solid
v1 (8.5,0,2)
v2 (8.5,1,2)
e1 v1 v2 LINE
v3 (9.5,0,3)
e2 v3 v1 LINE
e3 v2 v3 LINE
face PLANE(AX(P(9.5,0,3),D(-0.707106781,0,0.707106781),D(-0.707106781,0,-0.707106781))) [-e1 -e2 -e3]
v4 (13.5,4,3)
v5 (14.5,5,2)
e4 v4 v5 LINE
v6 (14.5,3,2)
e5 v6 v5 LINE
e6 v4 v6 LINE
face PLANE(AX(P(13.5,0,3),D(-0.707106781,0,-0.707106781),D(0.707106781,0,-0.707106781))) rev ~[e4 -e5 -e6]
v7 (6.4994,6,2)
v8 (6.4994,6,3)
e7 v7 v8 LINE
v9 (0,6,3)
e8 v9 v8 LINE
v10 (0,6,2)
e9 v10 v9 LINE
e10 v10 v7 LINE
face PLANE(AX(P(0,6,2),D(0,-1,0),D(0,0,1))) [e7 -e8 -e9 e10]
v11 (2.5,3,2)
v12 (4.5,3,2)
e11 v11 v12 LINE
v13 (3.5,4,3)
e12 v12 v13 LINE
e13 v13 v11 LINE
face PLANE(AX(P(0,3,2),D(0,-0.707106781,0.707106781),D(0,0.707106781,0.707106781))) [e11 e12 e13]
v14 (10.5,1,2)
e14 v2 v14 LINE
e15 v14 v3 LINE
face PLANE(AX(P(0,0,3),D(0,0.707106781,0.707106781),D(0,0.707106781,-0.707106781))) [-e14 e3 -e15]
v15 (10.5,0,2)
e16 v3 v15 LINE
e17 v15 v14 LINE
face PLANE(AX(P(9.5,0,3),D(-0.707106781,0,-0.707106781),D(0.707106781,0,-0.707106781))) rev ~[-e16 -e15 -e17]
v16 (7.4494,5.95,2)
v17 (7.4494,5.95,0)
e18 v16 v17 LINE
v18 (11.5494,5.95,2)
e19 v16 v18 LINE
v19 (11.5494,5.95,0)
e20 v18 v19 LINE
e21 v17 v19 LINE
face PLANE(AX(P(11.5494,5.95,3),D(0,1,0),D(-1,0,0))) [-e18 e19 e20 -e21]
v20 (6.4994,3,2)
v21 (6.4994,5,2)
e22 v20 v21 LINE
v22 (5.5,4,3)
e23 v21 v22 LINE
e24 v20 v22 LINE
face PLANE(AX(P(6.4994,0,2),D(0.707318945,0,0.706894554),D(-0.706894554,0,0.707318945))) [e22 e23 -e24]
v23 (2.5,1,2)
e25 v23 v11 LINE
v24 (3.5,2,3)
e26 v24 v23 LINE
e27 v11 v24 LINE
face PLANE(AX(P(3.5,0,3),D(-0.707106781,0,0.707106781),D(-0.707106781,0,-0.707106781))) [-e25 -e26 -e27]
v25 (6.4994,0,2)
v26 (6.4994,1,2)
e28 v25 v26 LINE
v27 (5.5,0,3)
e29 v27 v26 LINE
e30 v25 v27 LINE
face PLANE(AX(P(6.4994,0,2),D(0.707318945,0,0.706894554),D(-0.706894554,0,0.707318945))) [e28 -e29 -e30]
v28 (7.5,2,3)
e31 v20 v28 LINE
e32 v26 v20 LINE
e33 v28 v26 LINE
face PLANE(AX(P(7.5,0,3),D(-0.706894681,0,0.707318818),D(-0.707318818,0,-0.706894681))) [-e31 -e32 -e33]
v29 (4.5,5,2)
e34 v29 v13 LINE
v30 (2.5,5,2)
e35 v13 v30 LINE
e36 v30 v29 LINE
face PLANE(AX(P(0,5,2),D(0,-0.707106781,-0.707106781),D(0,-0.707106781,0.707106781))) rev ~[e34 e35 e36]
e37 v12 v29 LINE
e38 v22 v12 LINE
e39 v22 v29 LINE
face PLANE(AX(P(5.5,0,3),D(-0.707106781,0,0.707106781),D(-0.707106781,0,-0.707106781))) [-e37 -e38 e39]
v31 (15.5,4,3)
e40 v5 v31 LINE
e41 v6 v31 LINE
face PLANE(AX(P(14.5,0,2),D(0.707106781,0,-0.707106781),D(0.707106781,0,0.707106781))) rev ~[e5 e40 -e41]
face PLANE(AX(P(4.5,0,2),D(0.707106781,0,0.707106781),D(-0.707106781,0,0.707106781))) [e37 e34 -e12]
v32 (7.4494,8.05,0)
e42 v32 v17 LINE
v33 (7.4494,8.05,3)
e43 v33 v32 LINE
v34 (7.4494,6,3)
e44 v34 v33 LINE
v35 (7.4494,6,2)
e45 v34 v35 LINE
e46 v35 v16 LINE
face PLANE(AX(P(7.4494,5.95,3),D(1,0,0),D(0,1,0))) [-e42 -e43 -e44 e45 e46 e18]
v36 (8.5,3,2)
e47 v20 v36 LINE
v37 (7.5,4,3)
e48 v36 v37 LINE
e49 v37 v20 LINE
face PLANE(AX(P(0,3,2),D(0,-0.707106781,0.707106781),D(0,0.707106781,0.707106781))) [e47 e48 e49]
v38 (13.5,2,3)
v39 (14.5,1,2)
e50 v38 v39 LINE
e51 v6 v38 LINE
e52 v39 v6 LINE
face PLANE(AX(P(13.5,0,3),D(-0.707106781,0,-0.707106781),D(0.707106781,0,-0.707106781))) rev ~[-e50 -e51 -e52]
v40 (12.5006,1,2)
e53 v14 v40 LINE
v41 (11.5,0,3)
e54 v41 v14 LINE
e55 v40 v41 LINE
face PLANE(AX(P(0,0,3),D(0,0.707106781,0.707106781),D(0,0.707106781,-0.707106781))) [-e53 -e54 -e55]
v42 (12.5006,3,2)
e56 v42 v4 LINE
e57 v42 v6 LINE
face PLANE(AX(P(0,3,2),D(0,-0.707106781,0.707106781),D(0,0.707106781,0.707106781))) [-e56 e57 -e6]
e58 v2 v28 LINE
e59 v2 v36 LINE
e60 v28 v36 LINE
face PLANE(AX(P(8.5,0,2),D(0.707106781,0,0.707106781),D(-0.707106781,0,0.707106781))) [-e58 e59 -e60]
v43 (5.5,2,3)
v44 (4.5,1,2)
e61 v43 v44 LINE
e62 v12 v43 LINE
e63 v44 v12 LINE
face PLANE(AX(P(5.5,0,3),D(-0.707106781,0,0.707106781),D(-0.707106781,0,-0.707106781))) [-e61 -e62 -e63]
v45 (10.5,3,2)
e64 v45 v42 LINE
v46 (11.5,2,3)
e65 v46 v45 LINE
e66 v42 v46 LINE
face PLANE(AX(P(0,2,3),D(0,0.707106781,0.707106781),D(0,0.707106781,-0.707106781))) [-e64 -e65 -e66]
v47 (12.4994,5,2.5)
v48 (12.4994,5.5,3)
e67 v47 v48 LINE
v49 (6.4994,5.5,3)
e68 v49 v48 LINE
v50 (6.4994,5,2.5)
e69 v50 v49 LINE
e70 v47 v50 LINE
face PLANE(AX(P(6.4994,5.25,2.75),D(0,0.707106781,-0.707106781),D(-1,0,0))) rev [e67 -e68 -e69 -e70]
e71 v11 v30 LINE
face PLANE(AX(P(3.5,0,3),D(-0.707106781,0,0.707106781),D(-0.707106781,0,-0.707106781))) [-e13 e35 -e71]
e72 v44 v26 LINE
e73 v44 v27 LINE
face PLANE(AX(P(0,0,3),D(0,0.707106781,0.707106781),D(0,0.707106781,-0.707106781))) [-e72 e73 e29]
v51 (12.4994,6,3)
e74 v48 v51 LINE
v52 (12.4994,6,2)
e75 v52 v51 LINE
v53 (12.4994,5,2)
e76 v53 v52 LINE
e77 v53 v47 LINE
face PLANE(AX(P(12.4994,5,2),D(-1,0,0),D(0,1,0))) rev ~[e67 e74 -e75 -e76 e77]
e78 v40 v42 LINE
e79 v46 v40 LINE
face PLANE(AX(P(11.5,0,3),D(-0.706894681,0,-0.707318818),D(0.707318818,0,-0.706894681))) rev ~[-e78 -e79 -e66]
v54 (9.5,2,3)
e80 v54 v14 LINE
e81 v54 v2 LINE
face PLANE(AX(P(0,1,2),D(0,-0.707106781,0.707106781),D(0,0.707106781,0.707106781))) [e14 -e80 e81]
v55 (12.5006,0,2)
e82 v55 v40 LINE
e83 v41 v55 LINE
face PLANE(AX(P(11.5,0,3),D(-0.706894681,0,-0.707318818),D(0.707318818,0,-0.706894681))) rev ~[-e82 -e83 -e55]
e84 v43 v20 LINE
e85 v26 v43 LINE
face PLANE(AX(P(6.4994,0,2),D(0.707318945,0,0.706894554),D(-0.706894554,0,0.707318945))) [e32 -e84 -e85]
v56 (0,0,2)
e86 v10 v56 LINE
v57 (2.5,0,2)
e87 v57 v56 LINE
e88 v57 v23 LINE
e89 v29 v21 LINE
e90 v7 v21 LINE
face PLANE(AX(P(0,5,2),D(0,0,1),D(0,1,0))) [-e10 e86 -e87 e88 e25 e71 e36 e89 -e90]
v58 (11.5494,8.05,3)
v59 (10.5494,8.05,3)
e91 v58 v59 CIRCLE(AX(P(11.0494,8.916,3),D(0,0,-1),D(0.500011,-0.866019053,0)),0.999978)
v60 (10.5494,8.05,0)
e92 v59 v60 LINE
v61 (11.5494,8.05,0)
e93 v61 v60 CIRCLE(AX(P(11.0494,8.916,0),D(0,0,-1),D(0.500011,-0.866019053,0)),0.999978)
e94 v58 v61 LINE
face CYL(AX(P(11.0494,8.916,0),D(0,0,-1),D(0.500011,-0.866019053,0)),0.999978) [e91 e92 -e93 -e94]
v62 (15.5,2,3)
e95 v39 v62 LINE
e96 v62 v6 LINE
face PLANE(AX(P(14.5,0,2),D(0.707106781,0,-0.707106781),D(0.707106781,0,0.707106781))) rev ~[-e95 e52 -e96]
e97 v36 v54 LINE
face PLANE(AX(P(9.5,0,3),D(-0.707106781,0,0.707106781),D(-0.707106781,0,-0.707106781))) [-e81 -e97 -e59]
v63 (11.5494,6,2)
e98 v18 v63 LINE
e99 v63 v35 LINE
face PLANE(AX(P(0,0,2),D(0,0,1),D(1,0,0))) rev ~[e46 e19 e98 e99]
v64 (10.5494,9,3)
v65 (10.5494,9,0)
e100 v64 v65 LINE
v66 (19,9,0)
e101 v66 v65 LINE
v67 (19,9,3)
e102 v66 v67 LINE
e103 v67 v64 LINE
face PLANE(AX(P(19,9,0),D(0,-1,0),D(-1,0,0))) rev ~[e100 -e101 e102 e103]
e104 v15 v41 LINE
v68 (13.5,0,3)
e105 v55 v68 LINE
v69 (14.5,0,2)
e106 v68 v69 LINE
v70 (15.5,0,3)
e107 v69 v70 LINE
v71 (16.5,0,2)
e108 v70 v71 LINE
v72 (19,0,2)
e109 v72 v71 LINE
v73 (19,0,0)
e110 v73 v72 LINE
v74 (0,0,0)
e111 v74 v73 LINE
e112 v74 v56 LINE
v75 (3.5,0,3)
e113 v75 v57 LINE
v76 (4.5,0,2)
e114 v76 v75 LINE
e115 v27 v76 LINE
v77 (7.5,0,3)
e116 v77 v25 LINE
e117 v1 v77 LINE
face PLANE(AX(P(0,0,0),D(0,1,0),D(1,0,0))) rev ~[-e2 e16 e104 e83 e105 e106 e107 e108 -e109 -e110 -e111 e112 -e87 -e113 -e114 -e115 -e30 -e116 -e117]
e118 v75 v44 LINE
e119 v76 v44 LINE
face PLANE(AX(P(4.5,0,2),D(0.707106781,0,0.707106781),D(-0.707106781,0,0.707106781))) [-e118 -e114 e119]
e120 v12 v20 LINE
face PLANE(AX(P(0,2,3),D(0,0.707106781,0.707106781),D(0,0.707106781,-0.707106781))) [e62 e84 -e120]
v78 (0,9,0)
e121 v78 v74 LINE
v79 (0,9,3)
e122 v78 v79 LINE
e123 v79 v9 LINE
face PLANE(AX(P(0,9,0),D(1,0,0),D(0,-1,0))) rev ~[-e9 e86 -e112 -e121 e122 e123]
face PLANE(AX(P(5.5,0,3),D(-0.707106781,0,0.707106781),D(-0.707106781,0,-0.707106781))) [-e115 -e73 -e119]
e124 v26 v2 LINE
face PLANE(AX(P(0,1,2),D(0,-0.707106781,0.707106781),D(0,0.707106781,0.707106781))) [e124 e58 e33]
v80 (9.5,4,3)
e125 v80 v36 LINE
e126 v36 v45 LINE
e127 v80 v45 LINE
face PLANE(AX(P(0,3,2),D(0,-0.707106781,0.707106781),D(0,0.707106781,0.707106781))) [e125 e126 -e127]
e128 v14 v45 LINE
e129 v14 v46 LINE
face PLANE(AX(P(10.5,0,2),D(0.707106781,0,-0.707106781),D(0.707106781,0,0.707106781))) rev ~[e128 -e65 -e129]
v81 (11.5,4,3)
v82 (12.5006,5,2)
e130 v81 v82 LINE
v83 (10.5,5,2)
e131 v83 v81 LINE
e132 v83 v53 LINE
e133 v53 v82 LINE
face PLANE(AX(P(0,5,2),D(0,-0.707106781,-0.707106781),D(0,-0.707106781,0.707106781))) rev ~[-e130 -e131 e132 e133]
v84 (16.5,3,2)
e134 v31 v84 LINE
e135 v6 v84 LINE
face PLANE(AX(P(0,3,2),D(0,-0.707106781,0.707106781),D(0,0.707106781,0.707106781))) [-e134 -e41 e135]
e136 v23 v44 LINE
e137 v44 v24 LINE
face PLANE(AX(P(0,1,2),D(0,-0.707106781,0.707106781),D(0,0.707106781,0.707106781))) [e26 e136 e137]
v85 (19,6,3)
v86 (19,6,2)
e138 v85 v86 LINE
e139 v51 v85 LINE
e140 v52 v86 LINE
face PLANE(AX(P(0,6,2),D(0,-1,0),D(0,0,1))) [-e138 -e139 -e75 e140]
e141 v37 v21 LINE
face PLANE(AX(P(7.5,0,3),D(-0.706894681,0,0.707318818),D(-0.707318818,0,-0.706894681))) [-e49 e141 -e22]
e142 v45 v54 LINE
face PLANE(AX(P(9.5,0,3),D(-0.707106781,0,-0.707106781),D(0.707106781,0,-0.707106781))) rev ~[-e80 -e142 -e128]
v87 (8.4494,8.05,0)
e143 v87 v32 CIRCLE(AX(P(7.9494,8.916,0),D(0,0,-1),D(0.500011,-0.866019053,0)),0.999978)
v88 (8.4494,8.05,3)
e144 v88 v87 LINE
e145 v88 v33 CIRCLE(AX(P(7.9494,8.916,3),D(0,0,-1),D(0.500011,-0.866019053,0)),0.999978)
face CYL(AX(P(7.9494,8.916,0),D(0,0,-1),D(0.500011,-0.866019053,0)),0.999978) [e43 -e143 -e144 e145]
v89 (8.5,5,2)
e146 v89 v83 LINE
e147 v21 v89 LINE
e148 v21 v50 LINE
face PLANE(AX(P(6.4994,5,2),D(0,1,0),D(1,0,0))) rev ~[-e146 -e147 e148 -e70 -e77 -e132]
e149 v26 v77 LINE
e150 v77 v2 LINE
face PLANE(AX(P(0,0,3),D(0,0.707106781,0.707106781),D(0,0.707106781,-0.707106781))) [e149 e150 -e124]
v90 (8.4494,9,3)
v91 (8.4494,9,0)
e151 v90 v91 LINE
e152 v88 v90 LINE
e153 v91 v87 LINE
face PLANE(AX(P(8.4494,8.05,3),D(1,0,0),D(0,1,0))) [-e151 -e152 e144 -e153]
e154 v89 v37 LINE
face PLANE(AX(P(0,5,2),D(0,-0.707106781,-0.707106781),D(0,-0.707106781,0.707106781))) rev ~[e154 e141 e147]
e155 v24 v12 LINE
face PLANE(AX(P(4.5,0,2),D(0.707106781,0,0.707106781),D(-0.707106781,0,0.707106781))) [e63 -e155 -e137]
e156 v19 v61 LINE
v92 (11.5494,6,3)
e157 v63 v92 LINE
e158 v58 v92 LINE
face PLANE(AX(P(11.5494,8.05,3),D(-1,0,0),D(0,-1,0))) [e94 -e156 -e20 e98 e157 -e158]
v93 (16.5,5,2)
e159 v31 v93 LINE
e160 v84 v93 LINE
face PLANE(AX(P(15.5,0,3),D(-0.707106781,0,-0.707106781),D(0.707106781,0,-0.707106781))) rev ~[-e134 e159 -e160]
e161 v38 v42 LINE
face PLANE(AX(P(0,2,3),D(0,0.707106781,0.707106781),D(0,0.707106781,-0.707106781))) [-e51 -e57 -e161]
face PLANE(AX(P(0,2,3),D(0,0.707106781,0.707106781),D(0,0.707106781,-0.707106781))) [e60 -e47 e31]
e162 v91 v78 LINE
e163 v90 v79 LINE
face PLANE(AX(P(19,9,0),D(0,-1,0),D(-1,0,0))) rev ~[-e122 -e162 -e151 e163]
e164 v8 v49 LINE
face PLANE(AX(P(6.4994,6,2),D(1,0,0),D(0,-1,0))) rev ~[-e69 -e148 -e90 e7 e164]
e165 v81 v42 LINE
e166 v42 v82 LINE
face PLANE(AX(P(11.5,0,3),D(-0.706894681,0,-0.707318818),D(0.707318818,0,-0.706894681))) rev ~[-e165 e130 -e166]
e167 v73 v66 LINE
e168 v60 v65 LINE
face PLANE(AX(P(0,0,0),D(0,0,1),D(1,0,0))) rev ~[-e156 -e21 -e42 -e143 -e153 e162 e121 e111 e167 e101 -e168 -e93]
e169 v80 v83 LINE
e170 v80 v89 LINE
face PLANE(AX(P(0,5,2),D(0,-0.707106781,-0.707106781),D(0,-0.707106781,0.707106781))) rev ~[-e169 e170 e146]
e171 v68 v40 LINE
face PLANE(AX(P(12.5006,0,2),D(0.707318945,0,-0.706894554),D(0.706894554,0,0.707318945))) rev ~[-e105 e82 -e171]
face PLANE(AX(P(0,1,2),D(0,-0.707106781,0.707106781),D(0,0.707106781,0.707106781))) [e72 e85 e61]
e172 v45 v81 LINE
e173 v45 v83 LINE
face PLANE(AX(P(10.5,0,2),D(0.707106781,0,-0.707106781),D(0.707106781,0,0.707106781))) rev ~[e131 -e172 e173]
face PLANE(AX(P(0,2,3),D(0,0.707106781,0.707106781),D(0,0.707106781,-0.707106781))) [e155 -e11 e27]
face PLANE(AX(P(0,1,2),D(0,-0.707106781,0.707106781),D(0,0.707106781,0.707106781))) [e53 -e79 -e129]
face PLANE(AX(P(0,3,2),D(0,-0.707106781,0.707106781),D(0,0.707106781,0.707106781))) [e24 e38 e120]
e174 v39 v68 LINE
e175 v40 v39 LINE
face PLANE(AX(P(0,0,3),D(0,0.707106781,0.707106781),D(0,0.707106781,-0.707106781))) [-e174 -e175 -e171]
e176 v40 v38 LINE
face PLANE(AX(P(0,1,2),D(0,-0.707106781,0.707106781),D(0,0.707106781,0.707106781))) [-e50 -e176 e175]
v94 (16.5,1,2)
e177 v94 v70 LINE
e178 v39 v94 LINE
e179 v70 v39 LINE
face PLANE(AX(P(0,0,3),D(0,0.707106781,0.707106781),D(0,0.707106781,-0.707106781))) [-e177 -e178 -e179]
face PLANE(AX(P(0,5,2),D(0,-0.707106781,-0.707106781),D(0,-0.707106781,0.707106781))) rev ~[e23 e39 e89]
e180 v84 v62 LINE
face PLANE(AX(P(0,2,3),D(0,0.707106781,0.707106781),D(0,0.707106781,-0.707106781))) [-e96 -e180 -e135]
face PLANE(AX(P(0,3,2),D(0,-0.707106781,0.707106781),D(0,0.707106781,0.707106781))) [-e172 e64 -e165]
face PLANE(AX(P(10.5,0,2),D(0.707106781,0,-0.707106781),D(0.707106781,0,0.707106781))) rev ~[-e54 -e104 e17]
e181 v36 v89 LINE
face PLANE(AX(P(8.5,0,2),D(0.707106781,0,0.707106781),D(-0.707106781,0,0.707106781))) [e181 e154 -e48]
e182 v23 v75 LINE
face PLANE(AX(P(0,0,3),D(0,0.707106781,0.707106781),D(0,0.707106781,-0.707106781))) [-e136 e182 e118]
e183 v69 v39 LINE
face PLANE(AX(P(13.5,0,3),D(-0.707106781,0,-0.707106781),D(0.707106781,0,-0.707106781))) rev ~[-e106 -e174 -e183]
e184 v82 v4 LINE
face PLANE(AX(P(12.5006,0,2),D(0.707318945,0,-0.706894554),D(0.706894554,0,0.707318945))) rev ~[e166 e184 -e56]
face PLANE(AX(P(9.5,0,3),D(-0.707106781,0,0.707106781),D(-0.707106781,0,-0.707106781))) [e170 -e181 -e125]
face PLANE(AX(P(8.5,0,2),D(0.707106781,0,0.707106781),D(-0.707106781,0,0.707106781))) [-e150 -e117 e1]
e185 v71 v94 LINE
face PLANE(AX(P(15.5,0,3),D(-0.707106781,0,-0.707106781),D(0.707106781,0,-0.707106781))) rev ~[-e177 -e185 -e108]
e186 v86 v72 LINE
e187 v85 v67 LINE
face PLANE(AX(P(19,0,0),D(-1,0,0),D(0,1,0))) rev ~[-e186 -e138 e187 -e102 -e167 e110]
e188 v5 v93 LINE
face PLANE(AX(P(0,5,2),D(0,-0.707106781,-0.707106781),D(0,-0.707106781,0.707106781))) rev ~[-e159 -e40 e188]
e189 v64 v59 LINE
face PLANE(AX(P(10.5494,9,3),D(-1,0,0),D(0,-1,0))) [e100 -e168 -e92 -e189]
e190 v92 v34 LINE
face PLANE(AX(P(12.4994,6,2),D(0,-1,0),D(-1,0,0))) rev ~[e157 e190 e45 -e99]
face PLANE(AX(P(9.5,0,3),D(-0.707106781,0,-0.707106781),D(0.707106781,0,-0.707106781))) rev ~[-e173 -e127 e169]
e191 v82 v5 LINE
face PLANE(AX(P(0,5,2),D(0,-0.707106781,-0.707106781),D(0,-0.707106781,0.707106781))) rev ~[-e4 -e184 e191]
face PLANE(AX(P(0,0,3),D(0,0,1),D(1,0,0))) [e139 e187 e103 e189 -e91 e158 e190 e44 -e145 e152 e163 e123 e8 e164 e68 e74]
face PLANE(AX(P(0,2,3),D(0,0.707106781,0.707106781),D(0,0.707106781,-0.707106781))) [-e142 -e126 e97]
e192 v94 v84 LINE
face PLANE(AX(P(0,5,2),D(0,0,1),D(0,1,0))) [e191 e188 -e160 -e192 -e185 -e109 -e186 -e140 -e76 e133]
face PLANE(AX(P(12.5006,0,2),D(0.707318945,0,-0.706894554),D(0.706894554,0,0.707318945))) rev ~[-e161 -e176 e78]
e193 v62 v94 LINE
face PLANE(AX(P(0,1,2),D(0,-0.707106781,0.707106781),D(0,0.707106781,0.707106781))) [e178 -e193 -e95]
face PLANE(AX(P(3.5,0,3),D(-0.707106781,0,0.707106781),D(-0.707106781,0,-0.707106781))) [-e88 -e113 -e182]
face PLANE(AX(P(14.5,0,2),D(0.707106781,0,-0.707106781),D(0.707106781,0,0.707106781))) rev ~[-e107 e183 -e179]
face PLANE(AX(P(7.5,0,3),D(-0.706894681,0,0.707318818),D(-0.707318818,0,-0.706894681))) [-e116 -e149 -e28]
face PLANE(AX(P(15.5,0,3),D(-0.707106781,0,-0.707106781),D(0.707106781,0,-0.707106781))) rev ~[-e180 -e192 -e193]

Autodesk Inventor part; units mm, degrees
ref_plane "YZ Plane" through (0, 0, 0) normal (1, 0, 0) x (0, 1, 0)
ref_plane "XZ Plane" through (0, 0, 0) normal (0, 1, 0) x (-1, 0, 0)
ref_plane "XY Plane" through (0, 0, 0) normal (0, 0, 1) x (1, 0, 0)
sketch "Sketch1" plane through (0, 0, 0) normal (0, 0, 1) x (1, 0, 0)
  line L0 (0, 0) -> (19, 0)
  line L1 (19, 0) -> (19, 9)
  line L2 (19, 9) -> (0, 9)
  line L3 (0, 9) -> (0, 0)
  point P0 (9.5, 9)
  dimension "d0" = 19
  dimension "d1" = 9
extrude "Extrusion1" add sketch "Sketch1" along normal blind 3
sketch "Sketch10" plane through (0, 0, 0) normal (-1, 0, 0) x (0, 0, 1)
  line L0 (0, 0) -> (3, 0) projected
  line L1 (3, 9) -> (3, 0) projected
  line L2 (3, 0) -> (2, 0)
  line L3 (2, 0) -> (2, 6)
  line L4 (2, 6) -> (3, 6)
  line L5 (3, 6) -> (3, 0)
  line L6 (3, 0) -> (2, 1)
  line L7 (3, 0) -> (4.4142, 0) construction
  line L8 (2, 1) -> (3, 2)
  line L9 (3, 0) -> (3, 9) projected
  line L10 (3, 2) -> (2, 3)
  line L11 (2, 3) -> (3, 4)
  line L12 (2, 5) -> (3, 4)
  line L13 (2, 5) -> (3, 5)
  dimension "d23" = 1
  dimension "d24" = 6
  dimension "d25" = 135
  dimension "d26" = 90
extrude "Extrusion8" cut sketch "Sketch10" against normal up to next contours L6 L8 L1 | L10 L11 L1 | L12 L13 L1 | L3 L4 L1 L13
sketch "Sketch12" plane through (0, 0, 3) normal (0, 0, 1) x (1, 0, 0)
  line L0 (19, 9) -> (0, 9) projected
  line L1 (11.5494, 5.95) -> (7.4494, 5.95)
  line L2 (7.4494, 5.95) -> (7.4494, 8.05)
  line L3 (7.4494, 8.05) -> (11.5494, 8.05)
  line L4 (11.5494, 8.05) -> (11.5494, 5.95)
  line L5 (11.5494, 5.95) -> (7.4494, 8.05) construction
  line L6 (7.4494, 5.95) -> (11.5494, 8.05) construction
  line L7 (10.5494, 7.1) -> (8.4494, 7.1)
  line L8 (8.4494, 7.1) -> (8.4494, 9)
  line L9 (8.4494, 9) -> (10.5494, 9)
  line L10 (10.5494, 9) -> (10.5494, 7.1)
  line L11 (10.5494, 7.1) -> (8.4494, 9) construction
  line L12 (8.4494, 7.1) -> (10.5494, 9) construction
  point P0 (0, 0)
  point P1 (9.4994, 7)
  point P2 (9.4994, 8.05)
  dimension "d47" = 2
  dimension "d48" = 4.1
  dimension "d49" = 2.1
  dimension "d50" = 2.1
extrude "Extrusion10" cut sketch "Sketch12" against normal up to next
sketch "Sketch14" plane through (0, 0, 2) normal (0, 0, 1) x (1, 0, 0)
  line L0 (6.4994, 5) -> (12.4994, 5)
  line L1 (12.4994, 5) -> (12.4994, 6)
  line L2 (12.4994, 6) -> (6.4994, 6)
  line L3 (6.4994, 6) -> (6.4994, 5)
  line L4 (6.4994, 5) -> (12.4994, 6) construction
  line L5 (12.4994, 5) -> (6.4994, 6) construction
  line L6 (19, 9) -> (10.5494, 9) projected
  point P0 (0, 0)
  point P1 (9.4994, 5.5)
  dimension "d57" = 6
  dimension "d58" = 1
  dimension "d59" = 3.5
extrude "Extrusion12" add sketch "Sketch14" along normal blind 1
chamfer "Chamfer1" distance 0.5 angle 45 1 edges at (9.4994, 5, 3)
sketch "Sketch16" plane through (0, 0, 0) normal (0, 0, -1) x (-1, 0, 0)
  line L0 (-11.5494, 8.05) -> (-11.5494, 6) projected
  line L1 (-10.5494, 8.05) -> (-11.5494, 8.05) projected
  arc A0 (-11.5494, 8.05) -> (-10.5494, 8.05) centre (-11.0494, 8.916) ccw
  line L2 (-8.4494, 8.05) -> (-7.4494, 8.05) projected
  arc A1 (-8.4494, 8.05) -> (-7.4494, 8.05) centre (-7.9494, 8.916) ccw
  point P0 (0, 0)
  dimension "d66" = 1
  dimension "d67" = 1
extrude "Extrusion13" add sketch "Sketch16" against normal up to surface (3 mm away)
sketch "Sketch18" plane through (0, 0, 0) normal (0, -1, 0) x (1, 0, 0)
  line L0 (9.5, 3) -> (8.5, 2)
  line L1 (9.5, 3) -> (10.9142, 3) construction
  line L2 (8.5, 2) -> (7.5, 3)
  line L3 (7.5, 3) -> (6.4994, 2)
  line L4 (6.4994, 2) -> (5.5, 3)
  line L5 (5.5, 3) -> (4.5, 2)
  line L6 (5.5, 3) -> (6.9142, 3) construction
  line L7 (4.5, 2) -> (3.5, 3)
  line L8 (3.5, 3) -> (2.5, 2)
  line L9 (0, 3) -> (6.4994, 3) projected
  line L10 (0, 3) -> (3.5, 3)
  line L11 (19, 3) -> (19, 2)
  line L12 (19, 2) -> (16.5, 2)
  line L13 (0, 2) -> (0, 3)
  line L14 (8.5, 2) -> (6.4994, 2)
  line L15 (6.4994, 2) -> (4.5, 2)
  line L16 (4.5, 2) -> (2.5, 2)
  line L17 (3.5, 3) -> (5.5, 3)
  line L18 (5.5, 3) -> (7.5, 3)
  line L19 (7.5, 3) -> (9.5, 3)
  line L20 (2.5, 2) -> (0, 2)
  line L21 (9.5, 2.2481) -> (9.5, 2.7918)
  line L22 (9.5, 3) -> (10.5, 2)
  line L23 (10.5, 2) -> (11.5, 3)
  line L24 (11.5, 3) -> (12.5006, 2)
  line L25 (12.5006, 2) -> (13.5, 3)
  line L26 (13.5, 3) -> (14.5, 2)
  line L27 (14.5, 2) -> (15.5, 3)
  line L28 (15.5, 3) -> (16.5, 2)
  line L29 (14.5, 2) -> (12.5006, 2)
  line L30 (16.5, 2) -> (14.5, 2)
  line L31 (12.5006, 2) -> (10.5, 2)
  line L32 (10.5, 2) -> (8.5, 2)
  line L33 (11.5, 3) -> (13.5, 3)
  line L34 (13.5, 3) -> (15.5, 3)
  line L35 (15.5, 3) -> (19, 3)
  line L36 (9.5, 3) -> (11.5, 3)
  point P0 (0, 0)
  dimension "d71" = 135
  dimension "d72" = 90
  dimension "d73" = 135
extrude "Extrusion14" cut sketch "Sketch18" against normal blind 5 contours L0 L2 L19 | L36 L23 L22 | L3 L4 L9 L18 | L33 L25 L24 | L34 L27 L26 | L5 L7 L9 | L35 L11 L12 L28 | L8 L20 L13 L9
properties part number "Clamp-part2(moving)-Base9x19mm."
